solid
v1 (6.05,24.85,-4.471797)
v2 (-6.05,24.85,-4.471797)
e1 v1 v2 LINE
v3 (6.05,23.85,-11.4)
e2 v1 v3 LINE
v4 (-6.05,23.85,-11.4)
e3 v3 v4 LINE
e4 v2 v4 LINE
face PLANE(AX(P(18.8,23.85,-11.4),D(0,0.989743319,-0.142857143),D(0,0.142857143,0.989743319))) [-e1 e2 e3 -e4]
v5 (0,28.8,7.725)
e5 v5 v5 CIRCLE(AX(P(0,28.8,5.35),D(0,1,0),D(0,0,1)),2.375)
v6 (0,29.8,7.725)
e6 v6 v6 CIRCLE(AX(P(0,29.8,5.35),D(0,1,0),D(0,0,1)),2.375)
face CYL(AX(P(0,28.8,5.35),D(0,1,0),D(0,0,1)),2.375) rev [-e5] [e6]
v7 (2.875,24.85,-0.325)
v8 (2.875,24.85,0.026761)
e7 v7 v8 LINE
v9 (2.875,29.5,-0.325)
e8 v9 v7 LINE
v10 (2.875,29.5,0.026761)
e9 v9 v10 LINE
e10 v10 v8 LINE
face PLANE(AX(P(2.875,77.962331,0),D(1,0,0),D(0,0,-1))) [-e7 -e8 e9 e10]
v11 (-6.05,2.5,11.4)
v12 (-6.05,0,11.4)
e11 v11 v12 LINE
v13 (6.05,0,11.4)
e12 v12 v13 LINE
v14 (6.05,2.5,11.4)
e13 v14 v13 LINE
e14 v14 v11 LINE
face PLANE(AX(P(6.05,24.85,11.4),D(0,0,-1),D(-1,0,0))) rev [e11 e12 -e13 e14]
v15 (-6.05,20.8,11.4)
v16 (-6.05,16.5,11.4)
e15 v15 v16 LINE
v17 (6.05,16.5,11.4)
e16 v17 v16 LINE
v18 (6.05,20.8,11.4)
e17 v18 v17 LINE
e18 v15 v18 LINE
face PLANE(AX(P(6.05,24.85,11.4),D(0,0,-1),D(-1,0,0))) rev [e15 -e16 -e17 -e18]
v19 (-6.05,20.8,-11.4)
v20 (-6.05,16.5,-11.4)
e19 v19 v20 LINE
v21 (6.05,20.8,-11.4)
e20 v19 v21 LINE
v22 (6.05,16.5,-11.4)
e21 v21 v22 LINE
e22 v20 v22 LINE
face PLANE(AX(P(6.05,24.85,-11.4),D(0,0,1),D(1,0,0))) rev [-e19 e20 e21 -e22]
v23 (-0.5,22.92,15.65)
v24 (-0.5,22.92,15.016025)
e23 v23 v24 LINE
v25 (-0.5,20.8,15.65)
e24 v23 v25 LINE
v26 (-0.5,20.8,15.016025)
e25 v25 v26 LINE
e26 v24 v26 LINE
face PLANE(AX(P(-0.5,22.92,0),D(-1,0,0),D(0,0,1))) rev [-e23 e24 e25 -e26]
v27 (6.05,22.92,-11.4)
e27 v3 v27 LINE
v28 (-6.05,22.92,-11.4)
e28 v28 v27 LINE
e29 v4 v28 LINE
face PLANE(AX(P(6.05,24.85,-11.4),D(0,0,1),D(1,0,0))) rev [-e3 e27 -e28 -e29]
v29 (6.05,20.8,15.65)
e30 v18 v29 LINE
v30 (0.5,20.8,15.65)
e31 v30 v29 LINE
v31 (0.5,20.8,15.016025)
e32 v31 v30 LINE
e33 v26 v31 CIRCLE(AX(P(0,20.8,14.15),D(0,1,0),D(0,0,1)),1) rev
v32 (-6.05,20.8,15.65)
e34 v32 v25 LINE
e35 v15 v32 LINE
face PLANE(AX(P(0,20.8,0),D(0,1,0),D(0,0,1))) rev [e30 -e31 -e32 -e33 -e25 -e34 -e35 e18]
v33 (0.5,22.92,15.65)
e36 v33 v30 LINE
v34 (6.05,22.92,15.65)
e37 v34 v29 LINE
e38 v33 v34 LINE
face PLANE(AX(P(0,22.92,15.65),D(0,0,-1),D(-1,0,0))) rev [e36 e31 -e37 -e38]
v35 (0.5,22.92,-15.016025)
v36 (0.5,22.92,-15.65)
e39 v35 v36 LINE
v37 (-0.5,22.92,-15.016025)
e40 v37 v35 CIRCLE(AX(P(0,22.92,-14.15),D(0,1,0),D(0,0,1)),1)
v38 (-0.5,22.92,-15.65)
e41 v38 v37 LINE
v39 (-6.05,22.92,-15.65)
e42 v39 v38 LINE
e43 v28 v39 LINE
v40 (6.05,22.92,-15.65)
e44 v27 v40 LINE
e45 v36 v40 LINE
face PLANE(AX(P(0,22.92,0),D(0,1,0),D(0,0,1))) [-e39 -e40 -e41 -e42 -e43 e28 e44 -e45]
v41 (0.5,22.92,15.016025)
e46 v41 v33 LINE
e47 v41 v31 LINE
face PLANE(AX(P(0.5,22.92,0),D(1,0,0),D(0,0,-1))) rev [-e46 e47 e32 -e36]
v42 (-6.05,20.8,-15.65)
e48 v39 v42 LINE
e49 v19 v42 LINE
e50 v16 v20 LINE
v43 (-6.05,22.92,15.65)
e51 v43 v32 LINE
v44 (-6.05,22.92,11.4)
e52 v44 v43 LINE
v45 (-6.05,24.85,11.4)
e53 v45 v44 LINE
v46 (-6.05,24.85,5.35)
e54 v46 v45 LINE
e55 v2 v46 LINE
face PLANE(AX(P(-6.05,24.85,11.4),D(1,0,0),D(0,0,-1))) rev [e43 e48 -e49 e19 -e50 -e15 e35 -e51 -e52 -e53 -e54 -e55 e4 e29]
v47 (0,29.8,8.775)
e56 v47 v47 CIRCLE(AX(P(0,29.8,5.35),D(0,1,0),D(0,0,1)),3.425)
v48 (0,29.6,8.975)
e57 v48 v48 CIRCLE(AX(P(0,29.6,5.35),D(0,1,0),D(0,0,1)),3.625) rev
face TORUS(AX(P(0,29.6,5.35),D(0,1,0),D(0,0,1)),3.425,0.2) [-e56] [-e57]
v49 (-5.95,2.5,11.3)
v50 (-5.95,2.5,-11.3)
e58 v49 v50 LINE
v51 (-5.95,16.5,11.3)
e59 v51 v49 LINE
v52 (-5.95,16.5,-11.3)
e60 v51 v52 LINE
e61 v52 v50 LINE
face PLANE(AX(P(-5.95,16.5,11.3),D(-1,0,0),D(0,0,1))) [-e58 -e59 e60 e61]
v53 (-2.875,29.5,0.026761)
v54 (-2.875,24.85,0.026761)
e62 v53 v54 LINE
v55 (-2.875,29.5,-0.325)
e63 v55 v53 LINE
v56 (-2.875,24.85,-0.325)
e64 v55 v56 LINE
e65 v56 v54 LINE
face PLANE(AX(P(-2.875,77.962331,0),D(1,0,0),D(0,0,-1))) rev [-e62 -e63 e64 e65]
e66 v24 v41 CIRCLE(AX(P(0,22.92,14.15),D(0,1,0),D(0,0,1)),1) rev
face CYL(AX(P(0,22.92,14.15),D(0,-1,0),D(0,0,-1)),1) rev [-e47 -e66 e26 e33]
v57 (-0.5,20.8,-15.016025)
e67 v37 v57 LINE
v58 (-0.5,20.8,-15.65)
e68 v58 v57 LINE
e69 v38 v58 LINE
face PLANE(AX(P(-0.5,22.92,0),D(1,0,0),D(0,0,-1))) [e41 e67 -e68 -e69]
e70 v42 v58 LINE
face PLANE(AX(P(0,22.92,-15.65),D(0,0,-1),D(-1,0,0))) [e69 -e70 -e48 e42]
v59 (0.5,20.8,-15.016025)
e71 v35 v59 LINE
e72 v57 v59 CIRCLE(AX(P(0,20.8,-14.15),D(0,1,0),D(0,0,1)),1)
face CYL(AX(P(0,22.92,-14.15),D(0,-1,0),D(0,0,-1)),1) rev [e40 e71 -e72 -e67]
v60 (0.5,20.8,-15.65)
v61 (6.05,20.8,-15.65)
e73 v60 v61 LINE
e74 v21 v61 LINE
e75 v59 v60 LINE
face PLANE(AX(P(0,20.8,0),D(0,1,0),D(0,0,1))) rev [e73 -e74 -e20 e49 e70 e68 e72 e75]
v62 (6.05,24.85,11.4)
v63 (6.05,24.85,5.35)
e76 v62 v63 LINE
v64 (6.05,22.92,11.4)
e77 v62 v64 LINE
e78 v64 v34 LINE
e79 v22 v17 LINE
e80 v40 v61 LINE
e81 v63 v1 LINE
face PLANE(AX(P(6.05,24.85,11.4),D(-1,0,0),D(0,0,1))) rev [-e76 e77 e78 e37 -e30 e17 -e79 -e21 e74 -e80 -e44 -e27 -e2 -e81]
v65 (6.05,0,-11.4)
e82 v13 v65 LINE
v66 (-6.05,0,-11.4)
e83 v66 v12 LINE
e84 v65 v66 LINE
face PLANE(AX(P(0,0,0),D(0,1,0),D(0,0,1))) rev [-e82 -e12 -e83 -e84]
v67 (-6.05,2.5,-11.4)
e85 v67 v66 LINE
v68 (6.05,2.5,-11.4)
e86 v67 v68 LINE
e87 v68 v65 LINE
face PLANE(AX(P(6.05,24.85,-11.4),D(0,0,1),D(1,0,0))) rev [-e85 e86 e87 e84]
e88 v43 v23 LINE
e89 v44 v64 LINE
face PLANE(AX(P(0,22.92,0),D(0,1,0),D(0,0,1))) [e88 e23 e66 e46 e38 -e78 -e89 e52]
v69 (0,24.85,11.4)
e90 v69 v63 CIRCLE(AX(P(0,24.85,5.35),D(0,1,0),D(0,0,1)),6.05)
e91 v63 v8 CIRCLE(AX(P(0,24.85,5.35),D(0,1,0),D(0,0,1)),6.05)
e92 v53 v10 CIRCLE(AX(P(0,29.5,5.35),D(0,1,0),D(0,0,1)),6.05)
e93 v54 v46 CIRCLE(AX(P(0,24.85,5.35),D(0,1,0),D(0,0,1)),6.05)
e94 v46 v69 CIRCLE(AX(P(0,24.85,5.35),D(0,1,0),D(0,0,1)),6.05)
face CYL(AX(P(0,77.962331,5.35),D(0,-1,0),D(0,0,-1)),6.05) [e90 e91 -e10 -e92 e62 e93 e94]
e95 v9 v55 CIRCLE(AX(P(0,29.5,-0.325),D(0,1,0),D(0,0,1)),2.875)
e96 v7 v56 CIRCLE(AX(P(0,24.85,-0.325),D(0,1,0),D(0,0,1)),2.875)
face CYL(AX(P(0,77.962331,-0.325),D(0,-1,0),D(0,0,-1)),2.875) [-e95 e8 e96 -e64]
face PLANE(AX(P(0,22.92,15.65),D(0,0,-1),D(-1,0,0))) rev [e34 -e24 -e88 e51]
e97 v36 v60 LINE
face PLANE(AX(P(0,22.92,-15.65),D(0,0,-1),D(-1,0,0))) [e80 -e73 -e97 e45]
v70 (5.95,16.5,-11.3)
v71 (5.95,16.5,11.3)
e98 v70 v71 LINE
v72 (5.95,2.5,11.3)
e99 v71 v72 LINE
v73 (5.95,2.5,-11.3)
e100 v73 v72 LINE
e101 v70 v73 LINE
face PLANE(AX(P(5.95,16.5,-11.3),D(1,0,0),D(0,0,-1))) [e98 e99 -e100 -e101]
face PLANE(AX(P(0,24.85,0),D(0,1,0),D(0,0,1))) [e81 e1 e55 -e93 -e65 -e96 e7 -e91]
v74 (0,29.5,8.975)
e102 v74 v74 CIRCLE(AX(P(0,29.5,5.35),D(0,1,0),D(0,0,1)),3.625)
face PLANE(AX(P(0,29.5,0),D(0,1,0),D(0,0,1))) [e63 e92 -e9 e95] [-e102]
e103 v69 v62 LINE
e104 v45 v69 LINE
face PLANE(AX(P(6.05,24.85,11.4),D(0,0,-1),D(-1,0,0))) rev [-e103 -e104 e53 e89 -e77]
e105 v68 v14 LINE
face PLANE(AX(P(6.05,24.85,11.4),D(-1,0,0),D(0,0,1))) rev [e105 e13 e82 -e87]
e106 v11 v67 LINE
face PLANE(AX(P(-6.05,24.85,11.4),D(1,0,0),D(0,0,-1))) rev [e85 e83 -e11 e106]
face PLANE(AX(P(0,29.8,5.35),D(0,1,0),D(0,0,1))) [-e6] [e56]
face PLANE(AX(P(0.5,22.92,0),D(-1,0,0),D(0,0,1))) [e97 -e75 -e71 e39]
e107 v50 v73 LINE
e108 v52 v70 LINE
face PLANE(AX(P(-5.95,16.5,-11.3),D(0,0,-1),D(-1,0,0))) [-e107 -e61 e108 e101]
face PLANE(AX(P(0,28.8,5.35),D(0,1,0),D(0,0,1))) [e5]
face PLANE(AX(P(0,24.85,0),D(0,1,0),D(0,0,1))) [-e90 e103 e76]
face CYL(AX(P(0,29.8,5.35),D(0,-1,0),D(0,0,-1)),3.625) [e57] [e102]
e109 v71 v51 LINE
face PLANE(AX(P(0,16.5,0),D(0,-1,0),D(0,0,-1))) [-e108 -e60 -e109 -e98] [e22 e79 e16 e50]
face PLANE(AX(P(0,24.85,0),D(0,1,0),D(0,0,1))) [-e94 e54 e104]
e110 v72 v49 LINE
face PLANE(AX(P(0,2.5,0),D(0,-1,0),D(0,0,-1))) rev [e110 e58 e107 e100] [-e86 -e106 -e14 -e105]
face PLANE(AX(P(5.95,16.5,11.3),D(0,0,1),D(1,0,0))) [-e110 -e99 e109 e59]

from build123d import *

# Parameters (mm, degrees)
SKETCH1_W           = 12.1
SKETCH1_H           = 22.8
BOSS_EXTRUDE1_DEPTH = 24.85
SKETCH2_OUTSIDE_W   = 31.966
SKETCH2_OUTSIDE_H   = 34.016
CUT_EXTRUDE1_DEPTH  = 24.85
SKETCH3_R           = 2.875
SKETCH3_R_2         = 6.05
BOSS_EXTRUDE2_DEPTH = 4.65
BOSS_EXTRUDE3_START = 20.8
BOSS_EXTRUDE3_DEPTH = 2.12
CUT_EXTRUDE2_START  = -2.5
SKETCH6_W           = 12.1
SKETCH6_H           = 22.8
SKETCH6_W_2         = 11.9
SKETCH6_H_2         = 22.6
CUT_EXTRUDE2_DEPTH  = 14
SKETCH8_R           = 3.625
BOSS_EXTRUDE5_DEPTH = 0.3
FILLET1_R           = 0.2
SKETCH9_R           = 2.375
CUT_EXTRUDE3_DEPTH  = 1


with BuildPart() as part:
    # Sketch1 → Boss-Extrude1 (new body)
    with BuildSketch(Plane(origin=(0, 0, 0), x_dir=(1, 0, 0), z_dir=(0, 1, 0))):
        Rectangle(SKETCH1_W, SKETCH1_H)
    extrude(amount=BOSS_EXTRUDE1_DEPTH)

    # Sketch2 outside → Cut-Extrude1 (cut)
    with BuildSketch(Plane.ZY.offset(6.05)):
        with Locations((0, 12.425)):
            Rectangle(SKETCH2_OUTSIDE_W, SKETCH2_OUTSIDE_H)
        Polygon((-11.4, 23.85), (-4.47179677, 24.85), (11.4, 24.85), (11.4, 0), (-11.4, 0), align=None, mode=Mode.SUBTRACT)
    extrude(amount=-CUT_EXTRUDE1_DEPTH, mode=Mode.SUBTRACT)

    # Sketch3 → Boss-Extrude2 (add)
    with BuildSketch(Plane(origin=(0, 24.85, 0), x_dir=(1, 0, 0), z_dir=(0, 1, 0))):
        with Locations((0, 0.325)):
            Circle(SKETCH3_R)
        with Locations((0, -5.35)):
            Circle(SKETCH3_R_2)
        with BuildLine():
            Line((2.875, -0.026760855), (2.875, 0.325))
            ThreePointArc((2.875, 0.325), (2.869926129, 0.154269175), (2.854722425, -0.015859031))
            ThreePointArc((2.854722425, -0.015859031), (2.864866398, -0.021300297), (2.875, -0.026760855))
        make_face()
        with BuildLine():
            ThreePointArc((-2.854722425, -0.015859031), (-2.869926129, 0.154269175), (-2.875, 0.325))
            Line((-2.875, 0.325), (-2.875, -0.026760855))
            ThreePointArc((-2.875, -0.026760855), (-2.864866398, -0.021300297), (-2.854722425, -0.015859031))
        make_face()
    extrude(amount=BOSS_EXTRUDE2_DEPTH)

    # Sketch4 → Boss-Extrude3 (add)
    with BuildSketch(Plane(origin=(0, 0, 0), x_dir=(1, 0, 0), z_dir=(0, 1, 0)).offset(BOSS_EXTRUDE3_START)):
        with BuildLine():
            Line((-6.05, 15.65), (-6.05, 11.4))
            Line((-6.05, 11.4), (6.05, 11.4))
            Line((6.05, 11.4), (6.05, 15.65))
            Line((6.05, 15.65), (0.5, 15.65))
            Line((0.5, 15.65), (0.5, 15.016025404))
            ThreePointArc((0.5, 15.016025404), (0.866025404, 14.65), (1, 14.15))
            ThreePointArc((1, 14.15), (-0.5, 13.283974596), (-0.5, 15.016025404))
            Line((-0.5, 15.016025404), (-0.5, 15.65))
            Line((-0.5, 15.65), (-6.05, 15.65))
        make_face()
        with BuildLine():
            Line((6.05, -11.4), (-6.05, -11.4))
            Line((-6.05, -11.4), (-6.05, -15.65))
            Line((-6.05, -15.65), (-0.5, -15.65))
            Line((-0.5, -15.65), (-0.5, -15.016025404))
            ThreePointArc((-0.5, -15.016025404), (-0.5, -13.283974596), (1, -14.15))
            ThreePointArc((1, -14.15), (0.866025404, -14.65), (0.5, -15.016025404))
            Line((0.5, -15.016025404), (0.5, -15.65))
            Line((0.5, -15.65), (6.05, -15.65))
            Line((6.05, -15.65), (6.05, -11.4))
        make_face()
    extrude(amount=BOSS_EXTRUDE3_DEPTH)

    # Sketch6 → Cut-Extrude2 (cut)
    with BuildSketch(Plane.XZ.offset(CUT_EXTRUDE2_START)):
        Rectangle(SKETCH6_W, SKETCH6_H)
        Rectangle(SKETCH6_W_2, SKETCH6_H_2, mode=Mode.SUBTRACT)
    extrude(amount=-CUT_EXTRUDE2_DEPTH, mode=Mode.SUBTRACT)

    # Sketch8 → Boss-Extrude5 (add)
    with BuildSketch(Plane(origin=(0, 29.5, 0), x_dir=(1, 0, 0), z_dir=(0, 1, 0))):
        with Locations((0, -5.35)):
            Circle(SKETCH8_R)
    extrude(amount=BOSS_EXTRUDE5_DEPTH)

    # Fillet1
    fillet1_edges = [part.edges().sort_by_distance(p)[0] for p in [
        (-3.625, 29.8, 5.35),
    ]]
    fillet(fillet1_edges, radius=FILLET1_R)

    # Sketch9 → Cut-Extrude3 (cut)
    with BuildSketch(Plane(origin=(0, 29.8, 0), x_dir=(1, 0, 0), z_dir=(0, 1, 0))):
        with Locations((0, -5.35)):
            Circle(SKETCH9_R)
    extrude(amount=-CUT_EXTRUDE3_DEPTH, mode=Mode.SUBTRACT)


solid = part.part
